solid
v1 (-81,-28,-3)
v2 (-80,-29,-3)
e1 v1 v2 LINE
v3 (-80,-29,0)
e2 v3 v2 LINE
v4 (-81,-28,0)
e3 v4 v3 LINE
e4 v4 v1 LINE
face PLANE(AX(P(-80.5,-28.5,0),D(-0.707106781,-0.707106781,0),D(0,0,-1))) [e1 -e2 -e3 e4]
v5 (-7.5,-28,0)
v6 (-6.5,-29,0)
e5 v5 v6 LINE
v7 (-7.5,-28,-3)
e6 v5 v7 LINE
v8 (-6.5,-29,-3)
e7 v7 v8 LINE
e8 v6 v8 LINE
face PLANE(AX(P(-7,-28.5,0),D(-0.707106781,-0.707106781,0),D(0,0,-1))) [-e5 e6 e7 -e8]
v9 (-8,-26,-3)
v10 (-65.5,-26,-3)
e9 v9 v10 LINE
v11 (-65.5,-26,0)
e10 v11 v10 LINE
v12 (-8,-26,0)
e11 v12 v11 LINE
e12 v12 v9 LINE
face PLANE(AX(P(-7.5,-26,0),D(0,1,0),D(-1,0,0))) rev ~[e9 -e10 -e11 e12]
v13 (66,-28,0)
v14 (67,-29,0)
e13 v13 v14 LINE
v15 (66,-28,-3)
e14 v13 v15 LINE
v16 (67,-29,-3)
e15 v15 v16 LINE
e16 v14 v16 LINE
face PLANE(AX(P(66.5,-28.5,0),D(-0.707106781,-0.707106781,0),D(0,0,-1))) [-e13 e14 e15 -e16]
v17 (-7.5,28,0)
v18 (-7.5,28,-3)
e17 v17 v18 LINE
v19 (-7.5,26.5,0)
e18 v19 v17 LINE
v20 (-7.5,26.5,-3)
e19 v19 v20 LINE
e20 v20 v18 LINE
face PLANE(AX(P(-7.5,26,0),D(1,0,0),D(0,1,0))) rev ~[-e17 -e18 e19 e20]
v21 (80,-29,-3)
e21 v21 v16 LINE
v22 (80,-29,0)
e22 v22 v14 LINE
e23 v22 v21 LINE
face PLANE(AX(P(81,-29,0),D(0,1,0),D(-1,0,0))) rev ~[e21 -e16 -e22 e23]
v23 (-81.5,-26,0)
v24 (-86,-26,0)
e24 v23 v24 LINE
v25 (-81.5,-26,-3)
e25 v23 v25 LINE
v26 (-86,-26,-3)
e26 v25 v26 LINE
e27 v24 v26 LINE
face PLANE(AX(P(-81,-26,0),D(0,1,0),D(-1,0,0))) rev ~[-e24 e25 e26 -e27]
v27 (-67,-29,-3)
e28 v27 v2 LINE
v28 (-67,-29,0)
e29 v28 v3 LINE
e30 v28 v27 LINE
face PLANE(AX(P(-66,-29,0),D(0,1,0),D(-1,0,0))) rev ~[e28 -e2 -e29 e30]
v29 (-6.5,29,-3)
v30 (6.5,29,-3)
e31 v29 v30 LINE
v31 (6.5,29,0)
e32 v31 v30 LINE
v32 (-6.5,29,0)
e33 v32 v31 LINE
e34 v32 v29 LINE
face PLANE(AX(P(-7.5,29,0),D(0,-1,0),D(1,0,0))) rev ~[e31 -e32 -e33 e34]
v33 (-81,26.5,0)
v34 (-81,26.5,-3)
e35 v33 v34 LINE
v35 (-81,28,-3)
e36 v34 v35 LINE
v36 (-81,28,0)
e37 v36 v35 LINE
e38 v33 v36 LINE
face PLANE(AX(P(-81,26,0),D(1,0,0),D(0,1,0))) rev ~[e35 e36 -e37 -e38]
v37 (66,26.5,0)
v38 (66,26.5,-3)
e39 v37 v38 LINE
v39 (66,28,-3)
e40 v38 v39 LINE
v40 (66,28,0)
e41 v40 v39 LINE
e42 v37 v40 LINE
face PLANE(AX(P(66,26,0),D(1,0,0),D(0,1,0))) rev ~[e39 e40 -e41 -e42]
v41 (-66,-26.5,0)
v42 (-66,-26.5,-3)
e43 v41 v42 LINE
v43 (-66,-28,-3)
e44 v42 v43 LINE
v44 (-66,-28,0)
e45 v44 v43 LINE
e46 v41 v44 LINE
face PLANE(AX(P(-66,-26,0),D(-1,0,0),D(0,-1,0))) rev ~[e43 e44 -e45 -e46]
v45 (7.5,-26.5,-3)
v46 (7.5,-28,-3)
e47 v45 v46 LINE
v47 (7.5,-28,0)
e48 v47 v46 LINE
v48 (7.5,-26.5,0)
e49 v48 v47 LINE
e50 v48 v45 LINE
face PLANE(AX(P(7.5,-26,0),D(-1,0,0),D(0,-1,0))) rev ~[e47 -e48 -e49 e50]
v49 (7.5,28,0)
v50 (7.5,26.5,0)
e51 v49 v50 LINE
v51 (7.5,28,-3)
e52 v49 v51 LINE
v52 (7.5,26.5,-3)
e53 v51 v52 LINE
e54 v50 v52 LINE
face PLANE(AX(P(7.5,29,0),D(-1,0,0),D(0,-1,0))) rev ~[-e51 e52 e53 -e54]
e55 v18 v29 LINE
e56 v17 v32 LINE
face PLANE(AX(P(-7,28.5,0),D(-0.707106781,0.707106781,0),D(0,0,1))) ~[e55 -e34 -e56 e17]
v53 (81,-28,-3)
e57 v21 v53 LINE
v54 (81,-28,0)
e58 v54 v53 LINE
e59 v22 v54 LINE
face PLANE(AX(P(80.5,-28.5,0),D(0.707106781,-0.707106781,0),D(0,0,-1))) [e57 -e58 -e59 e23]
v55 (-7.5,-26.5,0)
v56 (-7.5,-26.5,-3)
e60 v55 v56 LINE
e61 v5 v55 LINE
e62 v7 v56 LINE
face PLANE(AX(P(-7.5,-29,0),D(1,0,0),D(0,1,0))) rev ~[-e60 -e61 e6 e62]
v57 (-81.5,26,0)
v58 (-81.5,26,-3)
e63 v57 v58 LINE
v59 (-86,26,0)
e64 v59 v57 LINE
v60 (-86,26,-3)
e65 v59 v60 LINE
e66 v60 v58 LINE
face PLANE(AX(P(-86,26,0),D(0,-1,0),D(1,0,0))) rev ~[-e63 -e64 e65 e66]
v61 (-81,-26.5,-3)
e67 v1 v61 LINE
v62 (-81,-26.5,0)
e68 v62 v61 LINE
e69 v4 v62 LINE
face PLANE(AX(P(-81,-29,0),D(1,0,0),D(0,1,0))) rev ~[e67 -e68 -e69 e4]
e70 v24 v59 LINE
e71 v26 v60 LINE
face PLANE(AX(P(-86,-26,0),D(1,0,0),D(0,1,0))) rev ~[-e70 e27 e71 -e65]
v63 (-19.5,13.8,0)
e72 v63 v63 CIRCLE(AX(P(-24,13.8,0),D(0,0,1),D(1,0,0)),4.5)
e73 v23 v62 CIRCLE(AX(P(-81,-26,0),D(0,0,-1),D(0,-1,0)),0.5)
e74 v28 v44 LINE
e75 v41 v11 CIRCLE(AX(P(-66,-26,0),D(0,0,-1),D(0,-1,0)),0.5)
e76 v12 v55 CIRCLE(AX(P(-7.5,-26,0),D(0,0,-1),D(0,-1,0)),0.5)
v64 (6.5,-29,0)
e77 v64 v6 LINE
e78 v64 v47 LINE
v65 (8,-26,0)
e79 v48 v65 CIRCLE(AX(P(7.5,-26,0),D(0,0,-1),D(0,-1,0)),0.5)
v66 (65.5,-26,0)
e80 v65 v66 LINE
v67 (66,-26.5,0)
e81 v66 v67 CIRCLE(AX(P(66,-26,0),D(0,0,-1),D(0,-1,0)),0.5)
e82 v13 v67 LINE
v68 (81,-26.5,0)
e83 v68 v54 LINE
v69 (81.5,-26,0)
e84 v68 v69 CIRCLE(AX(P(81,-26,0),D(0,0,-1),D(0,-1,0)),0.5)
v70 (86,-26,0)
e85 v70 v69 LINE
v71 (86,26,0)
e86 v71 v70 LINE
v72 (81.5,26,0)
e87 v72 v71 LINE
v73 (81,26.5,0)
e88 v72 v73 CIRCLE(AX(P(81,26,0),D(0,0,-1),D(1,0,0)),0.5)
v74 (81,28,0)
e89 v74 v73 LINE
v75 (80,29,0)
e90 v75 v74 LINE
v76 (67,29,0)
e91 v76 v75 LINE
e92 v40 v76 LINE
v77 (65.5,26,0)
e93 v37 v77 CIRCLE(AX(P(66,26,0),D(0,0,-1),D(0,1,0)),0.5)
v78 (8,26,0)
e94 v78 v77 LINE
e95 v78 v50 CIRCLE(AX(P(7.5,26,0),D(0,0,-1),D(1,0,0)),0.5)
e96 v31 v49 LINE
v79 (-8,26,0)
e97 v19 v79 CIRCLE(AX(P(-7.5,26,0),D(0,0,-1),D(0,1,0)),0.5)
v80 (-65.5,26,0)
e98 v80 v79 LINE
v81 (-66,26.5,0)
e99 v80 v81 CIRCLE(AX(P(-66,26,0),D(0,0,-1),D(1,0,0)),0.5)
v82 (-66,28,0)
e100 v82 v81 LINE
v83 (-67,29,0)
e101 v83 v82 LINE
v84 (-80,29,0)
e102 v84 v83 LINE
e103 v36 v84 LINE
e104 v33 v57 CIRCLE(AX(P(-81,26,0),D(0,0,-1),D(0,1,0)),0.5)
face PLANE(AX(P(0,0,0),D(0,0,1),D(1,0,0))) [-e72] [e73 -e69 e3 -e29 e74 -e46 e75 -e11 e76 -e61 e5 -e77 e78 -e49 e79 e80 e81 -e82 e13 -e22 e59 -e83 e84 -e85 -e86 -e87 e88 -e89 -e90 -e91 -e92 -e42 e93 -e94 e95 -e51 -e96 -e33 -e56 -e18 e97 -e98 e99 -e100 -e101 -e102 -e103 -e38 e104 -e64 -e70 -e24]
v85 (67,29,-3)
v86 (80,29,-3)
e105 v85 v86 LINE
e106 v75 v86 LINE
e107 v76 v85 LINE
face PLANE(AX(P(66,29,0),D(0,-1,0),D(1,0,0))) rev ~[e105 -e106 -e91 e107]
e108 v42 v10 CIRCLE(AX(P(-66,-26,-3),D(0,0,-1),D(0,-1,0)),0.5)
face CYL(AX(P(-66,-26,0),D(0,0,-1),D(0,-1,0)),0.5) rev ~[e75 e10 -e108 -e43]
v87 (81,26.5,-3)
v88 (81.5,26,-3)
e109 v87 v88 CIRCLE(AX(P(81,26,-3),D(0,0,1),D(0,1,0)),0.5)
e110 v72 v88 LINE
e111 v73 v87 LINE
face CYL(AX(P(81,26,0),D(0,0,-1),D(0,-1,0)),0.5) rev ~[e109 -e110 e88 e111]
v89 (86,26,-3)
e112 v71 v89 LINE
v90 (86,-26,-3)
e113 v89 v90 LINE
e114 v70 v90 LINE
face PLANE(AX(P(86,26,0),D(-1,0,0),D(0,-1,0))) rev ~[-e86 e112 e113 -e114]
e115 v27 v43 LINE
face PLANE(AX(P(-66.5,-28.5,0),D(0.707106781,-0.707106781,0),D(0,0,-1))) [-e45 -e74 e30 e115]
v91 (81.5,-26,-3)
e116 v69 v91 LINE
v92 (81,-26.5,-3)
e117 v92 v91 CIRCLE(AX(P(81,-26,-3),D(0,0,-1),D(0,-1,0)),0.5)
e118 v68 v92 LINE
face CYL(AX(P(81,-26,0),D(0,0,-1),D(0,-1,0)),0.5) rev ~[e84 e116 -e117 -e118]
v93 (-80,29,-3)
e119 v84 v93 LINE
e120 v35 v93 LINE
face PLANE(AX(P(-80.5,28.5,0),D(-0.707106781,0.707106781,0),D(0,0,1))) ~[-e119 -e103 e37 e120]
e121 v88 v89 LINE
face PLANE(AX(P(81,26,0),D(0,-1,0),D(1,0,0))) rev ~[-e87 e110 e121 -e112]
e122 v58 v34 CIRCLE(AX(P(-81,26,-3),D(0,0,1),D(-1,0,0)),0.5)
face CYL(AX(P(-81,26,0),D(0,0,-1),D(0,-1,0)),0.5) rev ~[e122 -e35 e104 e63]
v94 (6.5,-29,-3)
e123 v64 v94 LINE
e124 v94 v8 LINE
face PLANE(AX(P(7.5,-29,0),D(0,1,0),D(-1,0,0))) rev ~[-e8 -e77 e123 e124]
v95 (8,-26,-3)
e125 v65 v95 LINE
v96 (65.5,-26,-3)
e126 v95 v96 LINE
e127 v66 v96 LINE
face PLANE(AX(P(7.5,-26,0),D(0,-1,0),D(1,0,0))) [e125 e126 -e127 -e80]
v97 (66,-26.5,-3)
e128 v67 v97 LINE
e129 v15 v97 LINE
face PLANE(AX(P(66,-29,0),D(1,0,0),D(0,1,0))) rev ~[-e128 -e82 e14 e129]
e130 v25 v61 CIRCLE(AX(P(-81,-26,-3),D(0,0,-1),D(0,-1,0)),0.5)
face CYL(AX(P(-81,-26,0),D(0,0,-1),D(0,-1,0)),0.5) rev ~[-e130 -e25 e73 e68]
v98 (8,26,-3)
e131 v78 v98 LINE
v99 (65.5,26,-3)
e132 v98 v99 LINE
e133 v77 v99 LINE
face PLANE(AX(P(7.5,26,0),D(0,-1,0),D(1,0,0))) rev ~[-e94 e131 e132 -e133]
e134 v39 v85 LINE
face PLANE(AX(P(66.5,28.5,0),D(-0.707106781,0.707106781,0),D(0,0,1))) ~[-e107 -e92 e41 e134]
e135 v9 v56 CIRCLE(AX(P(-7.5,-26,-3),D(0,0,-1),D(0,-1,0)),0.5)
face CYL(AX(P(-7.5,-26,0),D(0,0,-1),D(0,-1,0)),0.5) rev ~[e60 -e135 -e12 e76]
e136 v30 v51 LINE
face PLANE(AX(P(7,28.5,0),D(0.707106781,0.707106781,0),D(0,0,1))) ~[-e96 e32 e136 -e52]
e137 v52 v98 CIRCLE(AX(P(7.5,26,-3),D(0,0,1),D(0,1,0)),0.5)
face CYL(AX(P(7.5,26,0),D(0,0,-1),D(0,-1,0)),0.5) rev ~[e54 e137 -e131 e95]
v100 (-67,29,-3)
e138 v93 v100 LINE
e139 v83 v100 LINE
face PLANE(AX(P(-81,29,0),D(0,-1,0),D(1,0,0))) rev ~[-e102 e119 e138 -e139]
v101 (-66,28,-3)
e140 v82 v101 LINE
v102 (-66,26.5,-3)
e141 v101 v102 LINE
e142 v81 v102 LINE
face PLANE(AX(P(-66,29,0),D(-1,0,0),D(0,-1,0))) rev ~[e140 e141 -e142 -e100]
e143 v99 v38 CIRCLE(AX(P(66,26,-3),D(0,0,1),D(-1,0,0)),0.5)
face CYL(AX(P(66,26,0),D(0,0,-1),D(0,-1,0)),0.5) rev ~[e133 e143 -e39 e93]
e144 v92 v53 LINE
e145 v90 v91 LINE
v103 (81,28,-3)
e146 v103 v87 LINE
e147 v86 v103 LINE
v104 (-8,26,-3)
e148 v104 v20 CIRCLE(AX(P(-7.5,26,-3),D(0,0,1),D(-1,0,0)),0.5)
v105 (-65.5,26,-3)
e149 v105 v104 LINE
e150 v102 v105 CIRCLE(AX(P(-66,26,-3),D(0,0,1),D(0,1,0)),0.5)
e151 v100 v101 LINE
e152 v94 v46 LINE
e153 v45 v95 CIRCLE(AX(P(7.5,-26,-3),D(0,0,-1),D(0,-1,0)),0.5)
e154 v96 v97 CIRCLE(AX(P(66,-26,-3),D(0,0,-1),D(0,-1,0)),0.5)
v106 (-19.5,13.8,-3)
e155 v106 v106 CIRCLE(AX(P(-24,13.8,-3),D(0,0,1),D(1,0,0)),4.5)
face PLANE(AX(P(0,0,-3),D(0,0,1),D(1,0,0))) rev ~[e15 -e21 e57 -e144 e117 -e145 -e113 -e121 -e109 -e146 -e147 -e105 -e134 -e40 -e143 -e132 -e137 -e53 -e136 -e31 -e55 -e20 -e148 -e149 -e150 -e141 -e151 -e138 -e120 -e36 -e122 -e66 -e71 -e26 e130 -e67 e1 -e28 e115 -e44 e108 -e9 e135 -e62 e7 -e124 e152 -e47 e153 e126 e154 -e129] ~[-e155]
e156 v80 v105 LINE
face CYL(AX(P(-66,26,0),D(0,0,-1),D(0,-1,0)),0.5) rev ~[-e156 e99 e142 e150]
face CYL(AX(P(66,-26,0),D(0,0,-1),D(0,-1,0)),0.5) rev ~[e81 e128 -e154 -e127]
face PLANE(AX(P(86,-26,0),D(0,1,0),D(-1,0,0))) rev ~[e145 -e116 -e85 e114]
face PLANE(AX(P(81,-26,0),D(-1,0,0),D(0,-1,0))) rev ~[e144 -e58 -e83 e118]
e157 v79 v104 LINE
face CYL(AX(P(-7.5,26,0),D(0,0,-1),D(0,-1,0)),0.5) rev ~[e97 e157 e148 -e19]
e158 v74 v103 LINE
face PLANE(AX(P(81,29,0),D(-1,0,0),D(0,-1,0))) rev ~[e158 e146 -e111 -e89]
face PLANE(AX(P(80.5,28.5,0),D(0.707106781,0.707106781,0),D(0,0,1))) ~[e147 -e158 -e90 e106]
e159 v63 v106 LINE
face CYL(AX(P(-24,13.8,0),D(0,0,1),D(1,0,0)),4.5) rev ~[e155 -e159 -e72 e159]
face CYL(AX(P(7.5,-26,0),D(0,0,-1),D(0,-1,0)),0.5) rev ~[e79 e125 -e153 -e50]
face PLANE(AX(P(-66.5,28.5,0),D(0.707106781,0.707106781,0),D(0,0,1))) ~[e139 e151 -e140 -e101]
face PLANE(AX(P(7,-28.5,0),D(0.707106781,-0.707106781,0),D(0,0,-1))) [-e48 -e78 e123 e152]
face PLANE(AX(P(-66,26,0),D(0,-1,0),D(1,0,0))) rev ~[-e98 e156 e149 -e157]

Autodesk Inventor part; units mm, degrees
ref_plane "Plan YZ" through (0, 0, 0) normal (1, 0, 0) x (0, 1, 0)
ref_plane "Plan XZ" through (0, 0, 0) normal (0, 1, 0) x (-1, 0, 0)
ref_plane "Plan XY" through (0, 0, 0) normal (0, 0, 1) x (1, 0, 0)
sketch "Esquisse7" plane through (0, 0, 0) normal (0, 0, 1) x (1, 0, 0)
  line L0 (-86, -26) -> (-86, 26)
  line L1 (-86, 26) -> (-81, 26)
  line L2 (-81, 26) -> (-81, 29)
  line L3 (-81, 29) -> (-66, 29)
  line L4 (-66, 29) -> (-66, 26)
  line L5 (-66, 26) -> (-7.5, 26)
  line L6 (-7.5, 26) -> (-7.5, 29)
  line L7 (-7.5, 29) -> (7.5, 29)
  line L8 (7.5, 29) -> (7.5, 26)
  line L9 (7.5, 26) -> (66, 26)
  line L10 (66, 26) -> (66, 29)
  line L11 (66, 29) -> (81, 29)
  line L12 (81, 29) -> (81, 26)
  line L13 (81, 26) -> (86, 26)
  line L14 (86, 26) -> (86, -26)
  line L15 (86, -26) -> (81, -26)
  line L16 (81, -26) -> (81, -29)
  line L17 (81, -29) -> (66, -29)
  line L18 (66, -29) -> (66, -26)
  line L19 (7.5, -26) -> (7.5, -29)
  line L20 (7.5, -26) -> (66, -26)
  line L21 (7.5, -29) -> (-7.5, -29)
  line L22 (-7.5, -29) -> (-7.5, -26)
  line L23 (-7.5, -26) -> (-66, -26)
  line L24 (-66, -26) -> (-66, -29)
  line L25 (-66, -29) -> (-81, -29)
  line L26 (-81, -29) -> (-81, -26)
  line L27 (-81, -26) -> (-86, -26)
  line L28 (0, -40.6) -> (0, 40.6) construction
  line L29 (-120.4, 0) -> (120.4, 0) construction
  dimension "d33" = 52
  dimension "d34" = 15
  dimension "d35" = 3
  dimension "d36" = 5
  dimension "d65" = 172
extrude "Extrusion2" add sketch "Esquisse7" against normal blind 3
sketch "Esquisse8" plane through (0, 0, 0) normal (0, 0, 1) x (1, 0, 0)
  point P0 (0, 0)
  point P1 (7.5, 26)
  point P2 (-7.5, 26)
  point P3 (-81, 26)
  point P4 (-66, 26)
  point P5 (-81, -26)
  point P6 (-66, -26)
  point P7 (-7.5, -26)
  point P8 (7.5, -26)
  point P9 (66, -26)
  point P10 (81, -26)
  point P11 (66, 26)
  point P12 (81, 26)
  point P13 (81, 26)
  point P14 (66, -26)
  point P15 (81, 26)
hole "Perçage2" at (7.5, 26, 0) at (-7.5, 26, 0) at (-81, 26, 0) at (-66, 26, 0) at (-81, -26, 0) at (-66, -26, 0) at (-7.5, -26, 0) at (7.5, -26, 0) at (66, -26, 0) at (81, -26, 0) at (66, 26, 0) at (81, 26, 0) direction (0, 0, -1) diameter 1 end through all
sketch "Esquisse9" plane through (0, 0, 0) normal (0, 0, 1) x (1, 0, 0)
  circle A0 centre (-24, 13.8) radius 4.5
  line L0 (-86, -26) -> (-86, 26) projected
  line L1 (-65.5, 26) -> (-8, 26) projected
  point P0 (0, 0)
  point P1 (-90, -24)
  point P2 (-90, 24)
  dimension "d62" = 62
  dimension "d63" = 12.2
  dimension "d64" = 9
extrude "Extrusion3" cut sketch "Esquisse9" against normal through all
chamfer "Chanfrein3" distance 1 angle 45 12 edges at (-81, -29, -1.5) (-66, -29, -1.5) (-81, 29, -1.5) (-66, 29, -1.5) (-7.5, 29, -1.5) (7.5, 29, -1.5) (66, 29, -1.5) (81, 29, -1.5) (66, -29, -1.5) (81, -29, -1.5) (-7.5, -29, -1.5) (7.5, -29, -1.5)
properties part number "P1704_202" material "Plastique PMMA"
